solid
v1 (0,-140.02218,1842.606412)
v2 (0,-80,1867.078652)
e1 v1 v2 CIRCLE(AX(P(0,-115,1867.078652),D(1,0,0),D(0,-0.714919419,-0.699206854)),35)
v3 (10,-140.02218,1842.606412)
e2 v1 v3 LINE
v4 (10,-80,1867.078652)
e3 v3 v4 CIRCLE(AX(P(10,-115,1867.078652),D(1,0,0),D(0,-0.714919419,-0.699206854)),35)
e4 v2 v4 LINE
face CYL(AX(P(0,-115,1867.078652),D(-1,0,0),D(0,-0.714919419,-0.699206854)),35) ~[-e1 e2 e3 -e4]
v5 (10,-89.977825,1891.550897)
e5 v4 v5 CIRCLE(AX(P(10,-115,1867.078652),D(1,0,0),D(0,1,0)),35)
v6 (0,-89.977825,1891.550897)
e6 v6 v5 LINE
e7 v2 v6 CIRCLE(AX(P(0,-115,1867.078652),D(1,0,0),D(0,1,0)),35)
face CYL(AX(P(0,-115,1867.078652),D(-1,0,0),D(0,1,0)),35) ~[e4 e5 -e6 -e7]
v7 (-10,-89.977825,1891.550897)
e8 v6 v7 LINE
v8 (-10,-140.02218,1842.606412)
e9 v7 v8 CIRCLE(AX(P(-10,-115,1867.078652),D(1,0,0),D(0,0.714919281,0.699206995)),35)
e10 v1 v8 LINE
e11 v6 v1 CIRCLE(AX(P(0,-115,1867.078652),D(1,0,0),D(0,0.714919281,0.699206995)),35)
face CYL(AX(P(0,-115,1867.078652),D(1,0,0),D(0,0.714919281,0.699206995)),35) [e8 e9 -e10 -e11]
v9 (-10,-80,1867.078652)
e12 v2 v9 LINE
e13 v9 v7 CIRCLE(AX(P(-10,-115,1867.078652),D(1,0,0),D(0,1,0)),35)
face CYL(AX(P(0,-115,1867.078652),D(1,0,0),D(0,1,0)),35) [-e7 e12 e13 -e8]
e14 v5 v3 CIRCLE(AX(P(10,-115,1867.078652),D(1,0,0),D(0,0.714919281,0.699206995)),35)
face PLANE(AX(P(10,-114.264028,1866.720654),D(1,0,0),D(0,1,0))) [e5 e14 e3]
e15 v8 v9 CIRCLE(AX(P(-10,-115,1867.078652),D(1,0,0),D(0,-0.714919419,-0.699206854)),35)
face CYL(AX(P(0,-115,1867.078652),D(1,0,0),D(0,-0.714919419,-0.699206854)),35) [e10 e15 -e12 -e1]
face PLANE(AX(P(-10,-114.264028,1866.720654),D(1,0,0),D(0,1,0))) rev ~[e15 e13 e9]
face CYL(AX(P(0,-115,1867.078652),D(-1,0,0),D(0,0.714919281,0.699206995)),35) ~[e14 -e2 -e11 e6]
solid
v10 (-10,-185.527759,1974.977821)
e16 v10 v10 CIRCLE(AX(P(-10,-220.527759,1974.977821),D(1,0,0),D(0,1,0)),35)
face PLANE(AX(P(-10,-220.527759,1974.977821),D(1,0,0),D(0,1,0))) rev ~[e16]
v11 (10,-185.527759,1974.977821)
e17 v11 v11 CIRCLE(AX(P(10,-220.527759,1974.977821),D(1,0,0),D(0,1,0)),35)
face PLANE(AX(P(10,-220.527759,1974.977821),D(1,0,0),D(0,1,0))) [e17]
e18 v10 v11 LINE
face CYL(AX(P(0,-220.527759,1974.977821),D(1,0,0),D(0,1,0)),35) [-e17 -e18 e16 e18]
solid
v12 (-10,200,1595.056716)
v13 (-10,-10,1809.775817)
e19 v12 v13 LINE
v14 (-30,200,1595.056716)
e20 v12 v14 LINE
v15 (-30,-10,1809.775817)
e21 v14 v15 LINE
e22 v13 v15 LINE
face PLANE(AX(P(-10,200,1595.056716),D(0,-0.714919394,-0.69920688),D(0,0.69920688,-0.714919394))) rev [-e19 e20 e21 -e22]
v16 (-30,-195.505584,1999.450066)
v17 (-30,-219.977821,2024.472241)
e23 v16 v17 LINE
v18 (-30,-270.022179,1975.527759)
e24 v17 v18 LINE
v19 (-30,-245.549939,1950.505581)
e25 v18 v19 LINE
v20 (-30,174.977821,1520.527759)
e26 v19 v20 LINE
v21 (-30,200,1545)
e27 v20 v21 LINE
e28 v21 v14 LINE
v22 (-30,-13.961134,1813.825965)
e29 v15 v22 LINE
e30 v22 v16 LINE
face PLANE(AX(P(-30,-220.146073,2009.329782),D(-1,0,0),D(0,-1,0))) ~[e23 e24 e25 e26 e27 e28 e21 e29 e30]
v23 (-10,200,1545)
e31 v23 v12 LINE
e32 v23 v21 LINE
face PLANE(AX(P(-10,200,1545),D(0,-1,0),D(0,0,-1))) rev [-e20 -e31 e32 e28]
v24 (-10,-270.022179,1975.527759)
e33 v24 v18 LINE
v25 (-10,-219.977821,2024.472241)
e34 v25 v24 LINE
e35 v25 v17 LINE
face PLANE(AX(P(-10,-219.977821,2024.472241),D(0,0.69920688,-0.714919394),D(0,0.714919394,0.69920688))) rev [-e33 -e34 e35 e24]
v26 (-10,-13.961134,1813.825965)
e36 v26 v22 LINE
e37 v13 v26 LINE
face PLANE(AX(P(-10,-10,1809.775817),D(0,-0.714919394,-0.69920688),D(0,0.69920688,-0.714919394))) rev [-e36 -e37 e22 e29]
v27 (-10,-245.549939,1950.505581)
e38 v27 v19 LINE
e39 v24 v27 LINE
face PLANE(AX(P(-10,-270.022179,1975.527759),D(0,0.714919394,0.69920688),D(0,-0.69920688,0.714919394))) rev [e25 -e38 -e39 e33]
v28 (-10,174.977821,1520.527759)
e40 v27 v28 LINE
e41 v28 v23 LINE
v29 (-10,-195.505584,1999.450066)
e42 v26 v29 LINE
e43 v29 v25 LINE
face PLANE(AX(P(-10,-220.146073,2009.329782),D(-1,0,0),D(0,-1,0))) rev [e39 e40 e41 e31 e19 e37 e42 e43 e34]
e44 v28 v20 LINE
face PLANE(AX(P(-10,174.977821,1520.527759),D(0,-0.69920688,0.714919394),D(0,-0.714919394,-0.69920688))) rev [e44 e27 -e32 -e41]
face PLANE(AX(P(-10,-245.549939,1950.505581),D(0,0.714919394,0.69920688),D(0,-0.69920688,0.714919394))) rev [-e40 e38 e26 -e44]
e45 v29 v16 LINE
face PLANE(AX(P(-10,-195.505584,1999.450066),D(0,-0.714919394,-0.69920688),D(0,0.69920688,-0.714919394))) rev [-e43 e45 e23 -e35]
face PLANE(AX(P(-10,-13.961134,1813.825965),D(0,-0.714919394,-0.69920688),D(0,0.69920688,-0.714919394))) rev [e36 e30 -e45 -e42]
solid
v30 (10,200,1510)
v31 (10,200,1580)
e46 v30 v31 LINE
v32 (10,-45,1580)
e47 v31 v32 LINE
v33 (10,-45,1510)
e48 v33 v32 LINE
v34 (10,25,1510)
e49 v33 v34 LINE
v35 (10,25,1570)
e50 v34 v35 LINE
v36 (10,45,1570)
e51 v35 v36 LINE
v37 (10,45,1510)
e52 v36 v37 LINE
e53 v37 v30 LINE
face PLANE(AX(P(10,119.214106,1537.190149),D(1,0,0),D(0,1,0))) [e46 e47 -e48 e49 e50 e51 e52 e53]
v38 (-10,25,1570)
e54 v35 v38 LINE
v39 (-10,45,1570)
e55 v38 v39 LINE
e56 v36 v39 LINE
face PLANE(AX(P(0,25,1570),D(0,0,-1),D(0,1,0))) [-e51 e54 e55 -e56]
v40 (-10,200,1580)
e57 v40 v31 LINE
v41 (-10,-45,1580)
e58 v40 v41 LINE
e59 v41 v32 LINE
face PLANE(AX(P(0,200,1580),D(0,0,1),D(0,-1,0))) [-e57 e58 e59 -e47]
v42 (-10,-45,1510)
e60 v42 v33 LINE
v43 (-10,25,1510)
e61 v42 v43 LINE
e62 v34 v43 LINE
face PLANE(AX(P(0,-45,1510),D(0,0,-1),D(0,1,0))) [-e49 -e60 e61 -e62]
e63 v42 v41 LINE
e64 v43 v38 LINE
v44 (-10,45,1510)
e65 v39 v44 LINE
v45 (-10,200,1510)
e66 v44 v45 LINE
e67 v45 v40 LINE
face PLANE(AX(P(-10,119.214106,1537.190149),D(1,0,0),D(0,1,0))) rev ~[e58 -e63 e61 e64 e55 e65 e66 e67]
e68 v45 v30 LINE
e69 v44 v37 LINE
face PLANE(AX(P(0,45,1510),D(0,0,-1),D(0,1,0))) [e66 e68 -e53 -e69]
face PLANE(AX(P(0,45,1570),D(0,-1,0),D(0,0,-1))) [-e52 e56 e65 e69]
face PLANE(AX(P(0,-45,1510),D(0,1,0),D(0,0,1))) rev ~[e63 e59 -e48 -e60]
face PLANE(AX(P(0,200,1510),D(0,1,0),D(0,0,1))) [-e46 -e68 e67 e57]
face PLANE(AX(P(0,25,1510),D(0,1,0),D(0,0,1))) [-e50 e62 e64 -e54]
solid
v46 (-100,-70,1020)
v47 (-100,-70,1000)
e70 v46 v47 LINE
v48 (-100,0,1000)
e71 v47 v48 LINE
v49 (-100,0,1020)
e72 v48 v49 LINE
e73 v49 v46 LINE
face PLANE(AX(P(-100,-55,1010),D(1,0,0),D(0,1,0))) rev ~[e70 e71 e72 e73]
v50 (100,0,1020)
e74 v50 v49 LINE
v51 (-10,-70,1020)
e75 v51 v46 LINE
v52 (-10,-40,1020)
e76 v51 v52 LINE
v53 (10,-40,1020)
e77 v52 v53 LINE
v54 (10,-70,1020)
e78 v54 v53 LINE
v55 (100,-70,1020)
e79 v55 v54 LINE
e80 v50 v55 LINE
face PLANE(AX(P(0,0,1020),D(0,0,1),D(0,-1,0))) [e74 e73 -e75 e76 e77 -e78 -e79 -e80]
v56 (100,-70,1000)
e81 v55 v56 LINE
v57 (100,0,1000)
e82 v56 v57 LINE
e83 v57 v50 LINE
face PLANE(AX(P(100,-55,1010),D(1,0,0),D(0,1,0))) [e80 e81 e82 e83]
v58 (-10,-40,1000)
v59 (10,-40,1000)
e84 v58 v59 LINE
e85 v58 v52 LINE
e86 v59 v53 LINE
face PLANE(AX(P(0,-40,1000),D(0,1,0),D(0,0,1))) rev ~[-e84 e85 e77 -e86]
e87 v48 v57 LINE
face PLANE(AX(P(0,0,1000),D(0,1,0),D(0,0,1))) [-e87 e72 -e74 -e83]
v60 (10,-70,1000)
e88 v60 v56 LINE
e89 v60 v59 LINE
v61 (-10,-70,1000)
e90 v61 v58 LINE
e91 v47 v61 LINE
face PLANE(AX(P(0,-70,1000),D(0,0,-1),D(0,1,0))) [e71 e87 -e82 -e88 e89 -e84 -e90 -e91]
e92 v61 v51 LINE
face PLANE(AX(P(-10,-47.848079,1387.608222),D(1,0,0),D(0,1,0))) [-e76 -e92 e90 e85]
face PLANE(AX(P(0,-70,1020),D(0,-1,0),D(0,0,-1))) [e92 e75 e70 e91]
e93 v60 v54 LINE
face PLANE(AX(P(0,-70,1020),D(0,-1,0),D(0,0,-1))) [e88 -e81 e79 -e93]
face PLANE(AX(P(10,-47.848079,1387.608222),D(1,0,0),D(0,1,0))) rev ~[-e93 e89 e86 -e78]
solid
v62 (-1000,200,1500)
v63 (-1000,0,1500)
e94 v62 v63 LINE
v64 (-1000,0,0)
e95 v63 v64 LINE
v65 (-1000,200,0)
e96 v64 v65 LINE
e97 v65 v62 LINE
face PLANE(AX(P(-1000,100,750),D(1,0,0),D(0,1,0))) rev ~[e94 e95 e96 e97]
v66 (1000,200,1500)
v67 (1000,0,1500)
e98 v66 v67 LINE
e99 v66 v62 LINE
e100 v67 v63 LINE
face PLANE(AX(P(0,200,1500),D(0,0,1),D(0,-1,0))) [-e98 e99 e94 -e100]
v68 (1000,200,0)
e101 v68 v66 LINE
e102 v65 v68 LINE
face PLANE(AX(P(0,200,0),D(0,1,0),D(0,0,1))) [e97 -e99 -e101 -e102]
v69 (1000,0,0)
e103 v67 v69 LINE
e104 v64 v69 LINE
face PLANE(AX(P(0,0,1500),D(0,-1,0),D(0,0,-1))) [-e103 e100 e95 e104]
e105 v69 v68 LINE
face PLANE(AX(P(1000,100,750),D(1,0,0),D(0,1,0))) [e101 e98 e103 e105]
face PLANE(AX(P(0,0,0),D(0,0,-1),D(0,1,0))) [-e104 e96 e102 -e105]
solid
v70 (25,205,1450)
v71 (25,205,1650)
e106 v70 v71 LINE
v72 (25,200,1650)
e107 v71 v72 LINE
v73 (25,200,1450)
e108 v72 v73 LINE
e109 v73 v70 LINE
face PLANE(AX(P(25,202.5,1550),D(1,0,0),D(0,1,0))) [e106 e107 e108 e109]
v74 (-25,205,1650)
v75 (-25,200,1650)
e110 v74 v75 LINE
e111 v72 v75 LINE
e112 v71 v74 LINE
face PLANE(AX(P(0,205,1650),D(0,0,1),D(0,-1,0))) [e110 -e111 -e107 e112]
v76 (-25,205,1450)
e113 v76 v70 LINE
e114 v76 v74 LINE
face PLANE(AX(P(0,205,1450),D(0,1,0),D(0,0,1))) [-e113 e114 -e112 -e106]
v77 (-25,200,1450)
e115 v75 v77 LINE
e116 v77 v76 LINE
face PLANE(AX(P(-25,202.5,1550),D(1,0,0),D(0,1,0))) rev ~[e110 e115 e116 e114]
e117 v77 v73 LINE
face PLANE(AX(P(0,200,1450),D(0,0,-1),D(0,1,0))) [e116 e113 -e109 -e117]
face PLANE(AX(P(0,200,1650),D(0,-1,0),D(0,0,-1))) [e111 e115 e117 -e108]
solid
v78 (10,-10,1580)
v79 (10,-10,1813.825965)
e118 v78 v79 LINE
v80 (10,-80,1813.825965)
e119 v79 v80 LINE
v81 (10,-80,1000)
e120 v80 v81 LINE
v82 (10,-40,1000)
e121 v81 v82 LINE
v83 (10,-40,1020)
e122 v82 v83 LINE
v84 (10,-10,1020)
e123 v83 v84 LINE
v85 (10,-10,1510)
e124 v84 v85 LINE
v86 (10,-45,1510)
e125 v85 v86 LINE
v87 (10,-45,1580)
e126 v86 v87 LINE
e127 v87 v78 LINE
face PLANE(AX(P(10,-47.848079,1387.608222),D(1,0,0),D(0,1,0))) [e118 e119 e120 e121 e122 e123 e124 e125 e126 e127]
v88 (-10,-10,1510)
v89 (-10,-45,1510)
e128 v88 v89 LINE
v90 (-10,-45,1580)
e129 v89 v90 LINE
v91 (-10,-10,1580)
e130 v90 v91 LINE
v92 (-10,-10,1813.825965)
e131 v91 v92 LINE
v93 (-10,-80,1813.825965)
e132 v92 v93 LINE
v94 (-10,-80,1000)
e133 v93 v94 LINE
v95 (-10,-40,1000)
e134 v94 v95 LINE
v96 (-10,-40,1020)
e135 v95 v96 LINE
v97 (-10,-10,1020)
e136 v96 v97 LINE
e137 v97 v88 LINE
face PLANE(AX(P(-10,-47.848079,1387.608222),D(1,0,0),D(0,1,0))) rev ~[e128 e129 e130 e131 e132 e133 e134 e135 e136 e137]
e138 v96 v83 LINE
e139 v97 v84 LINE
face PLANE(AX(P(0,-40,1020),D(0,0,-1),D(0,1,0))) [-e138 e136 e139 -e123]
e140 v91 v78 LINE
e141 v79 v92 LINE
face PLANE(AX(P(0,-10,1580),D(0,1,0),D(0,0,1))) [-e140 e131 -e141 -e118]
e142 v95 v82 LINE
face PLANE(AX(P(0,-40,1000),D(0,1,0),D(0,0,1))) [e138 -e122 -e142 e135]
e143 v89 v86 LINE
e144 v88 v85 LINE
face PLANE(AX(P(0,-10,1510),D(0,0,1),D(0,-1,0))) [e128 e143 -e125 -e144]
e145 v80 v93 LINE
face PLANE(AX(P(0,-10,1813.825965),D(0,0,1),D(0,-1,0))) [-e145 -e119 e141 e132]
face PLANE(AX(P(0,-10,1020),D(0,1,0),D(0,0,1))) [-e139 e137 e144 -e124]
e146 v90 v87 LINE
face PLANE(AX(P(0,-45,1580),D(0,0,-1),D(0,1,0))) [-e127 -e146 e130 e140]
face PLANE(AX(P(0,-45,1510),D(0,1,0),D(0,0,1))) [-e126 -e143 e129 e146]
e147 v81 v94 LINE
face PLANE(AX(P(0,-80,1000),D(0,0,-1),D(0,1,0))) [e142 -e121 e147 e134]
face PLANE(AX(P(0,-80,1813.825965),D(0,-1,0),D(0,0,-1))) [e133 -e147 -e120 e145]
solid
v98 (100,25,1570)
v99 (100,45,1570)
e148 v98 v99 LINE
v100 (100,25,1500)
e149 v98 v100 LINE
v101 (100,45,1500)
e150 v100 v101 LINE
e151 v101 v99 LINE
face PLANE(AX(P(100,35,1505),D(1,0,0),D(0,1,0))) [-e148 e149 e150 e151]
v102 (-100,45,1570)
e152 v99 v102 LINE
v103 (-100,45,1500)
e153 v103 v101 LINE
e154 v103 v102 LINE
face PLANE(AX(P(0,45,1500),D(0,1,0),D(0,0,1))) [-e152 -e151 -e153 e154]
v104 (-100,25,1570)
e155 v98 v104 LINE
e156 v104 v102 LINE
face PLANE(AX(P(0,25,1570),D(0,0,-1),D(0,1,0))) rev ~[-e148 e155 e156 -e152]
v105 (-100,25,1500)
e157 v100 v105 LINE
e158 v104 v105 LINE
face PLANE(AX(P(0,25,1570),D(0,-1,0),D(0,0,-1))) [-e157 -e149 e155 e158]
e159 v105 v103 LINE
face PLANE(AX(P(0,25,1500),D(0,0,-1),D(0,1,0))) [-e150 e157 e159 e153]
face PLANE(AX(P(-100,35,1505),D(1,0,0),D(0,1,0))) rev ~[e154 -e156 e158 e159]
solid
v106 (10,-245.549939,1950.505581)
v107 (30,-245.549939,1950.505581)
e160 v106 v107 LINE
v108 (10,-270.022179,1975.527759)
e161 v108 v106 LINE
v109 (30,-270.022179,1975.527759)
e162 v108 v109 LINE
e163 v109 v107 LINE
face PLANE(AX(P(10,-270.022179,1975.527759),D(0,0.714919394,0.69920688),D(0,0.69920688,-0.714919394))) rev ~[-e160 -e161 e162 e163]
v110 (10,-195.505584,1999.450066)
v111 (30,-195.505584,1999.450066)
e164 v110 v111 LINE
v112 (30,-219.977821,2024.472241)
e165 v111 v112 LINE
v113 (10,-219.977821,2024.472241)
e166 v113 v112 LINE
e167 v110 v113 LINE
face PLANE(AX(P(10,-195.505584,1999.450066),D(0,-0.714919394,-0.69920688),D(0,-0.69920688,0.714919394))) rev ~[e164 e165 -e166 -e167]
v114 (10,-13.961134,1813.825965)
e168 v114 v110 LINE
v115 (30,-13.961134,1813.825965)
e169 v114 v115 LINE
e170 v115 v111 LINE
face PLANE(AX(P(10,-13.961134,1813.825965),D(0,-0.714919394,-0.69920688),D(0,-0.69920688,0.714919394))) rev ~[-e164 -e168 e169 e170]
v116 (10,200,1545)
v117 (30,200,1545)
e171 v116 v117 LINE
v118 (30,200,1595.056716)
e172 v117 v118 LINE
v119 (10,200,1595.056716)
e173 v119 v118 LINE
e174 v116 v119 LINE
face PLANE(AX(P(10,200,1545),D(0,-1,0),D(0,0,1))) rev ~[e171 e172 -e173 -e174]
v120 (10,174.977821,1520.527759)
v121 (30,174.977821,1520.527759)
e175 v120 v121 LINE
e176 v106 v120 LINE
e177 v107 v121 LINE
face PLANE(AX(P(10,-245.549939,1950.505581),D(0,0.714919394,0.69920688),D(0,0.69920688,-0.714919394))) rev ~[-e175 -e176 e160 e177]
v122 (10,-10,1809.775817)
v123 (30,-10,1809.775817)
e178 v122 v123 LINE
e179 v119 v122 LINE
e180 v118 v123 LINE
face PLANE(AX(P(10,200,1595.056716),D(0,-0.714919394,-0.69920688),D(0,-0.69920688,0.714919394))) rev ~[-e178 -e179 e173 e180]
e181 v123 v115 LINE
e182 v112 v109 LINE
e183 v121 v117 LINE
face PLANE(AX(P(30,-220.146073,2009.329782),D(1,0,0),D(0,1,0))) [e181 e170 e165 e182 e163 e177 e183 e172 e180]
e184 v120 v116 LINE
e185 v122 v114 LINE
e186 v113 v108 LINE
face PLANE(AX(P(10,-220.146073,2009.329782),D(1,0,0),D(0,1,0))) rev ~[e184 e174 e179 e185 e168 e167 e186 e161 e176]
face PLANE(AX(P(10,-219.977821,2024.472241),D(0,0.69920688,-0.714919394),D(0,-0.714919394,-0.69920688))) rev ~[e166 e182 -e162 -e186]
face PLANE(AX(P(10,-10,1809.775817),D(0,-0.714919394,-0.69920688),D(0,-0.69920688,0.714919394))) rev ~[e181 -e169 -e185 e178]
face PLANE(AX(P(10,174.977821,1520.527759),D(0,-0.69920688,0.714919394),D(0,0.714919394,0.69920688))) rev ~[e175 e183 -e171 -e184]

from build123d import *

# Parameters (mm, degrees)
F3_DEPTH  = 1000
F4_START  = 10
F4_DEPTH  = 20
F6_DEPTH  = 10
F7_DEPTH  = 25
F2_W      = 20
F2_H      = 10
F2_W_2    = 35
F2_H_2    = 70
F8_DEPTH  = 10
F2_H_3    = 30
F9_DEPTH  = 100
F2_W_3    = 10
F2_H_4    = 20
F10_DEPTH = 100
F12_DEPTH = 10


with BuildPart() as f3:
    # F1 (on Right) → F3 (new body, symmetric)
    with BuildSketch(Plane.YZ):
        Polygon((0, 1500), (0, 0), (200, 0), (200, 1450), (200, 1500), align=None)
    extrude(amount=F3_DEPTH, both=True)


with BuildPart() as f4:
    # F2 (on Right) → F4 (new body)
    with BuildSketch(Plane.YZ.offset(F4_START)):
        with BuildLine():
            Line((-195.5055843756, 1999.4500660353), (-219.9778212193, 2024.4722407855))
            Line((-219.9778212193, 2024.4722407855), (-244.999999895, 2000.0000001027))
            ThreePointArc((-244.999999895, 2000.0000001027), (-220.138897074, 2009.975660956), (-195.5055843756, 1999.4500660353))
        make_face()
        with BuildLine():
            ThreePointArc((-245.5499385986, 1950.5055810507), (-255.525598915, 1975.3666866098), (-244.999999895, 2000.0000001027))
            Line((-244.999999895, 2000.0000001027), (-270.0221787807, 1975.5277592145))
            Line((-270.0221787807, 1975.5277592145), (-245.5499385986, 1950.5055810507))
        make_face()
        Polygon((-10, 1809.7758168422), (-13.9611338418, 1813.8259649277), (-80, 1813.8259649277), (-80, 1781.2354191128), (-10, 1709.662385405), align=None)
        Polygon((200, 1595.0567157186), (-10, 1809.7758168422), (-10, 1709.662385405), (116.8126626488, 1580), (200, 1580), align=None)
        Polygon((200, 1545), (200, 1580), (116.8126626488, 1580), (174.9778212193, 1520.5277592145), align=None)
        with BuildLine():
            ThreePointArc((-185.5277592145, 1974.9778212193), (-188.1180683847, 1988.1919023572), (-195.5055843756, 1999.4500660353))
            ThreePointArc((-195.5055843756, 1999.4500660353), (-220.138897074, 2009.975660956), (-244.999999895, 2000.0000001027))
            ThreePointArc((-244.999999895, 2000.0000001027), (-255.525598915, 1975.3666866098), (-245.5499385986, 1950.5055810507))
            ThreePointArc((-245.5499385986, 1950.5055810507), (-207.3136810863, 1942.5681291624), (-185.5277592145, 1974.9778212193))
        make_face()
        with BuildLine():
            Line((-89.9778251612, 1891.5508965014), (-195.5055843756, 1999.4500660353))
            ThreePointArc((-195.5055843756, 1999.4500660353), (-188.1180683847, 1988.1919023572), (-185.5277592145, 1974.9778212193))
            ThreePointArc((-185.5277592145, 1974.9778212193), (-207.3136810863, 1942.5681291624), (-245.5499385986, 1950.5055810507))
            Line((-245.5499385986, 1950.5055810507), (-140.0221796625, 1842.6064118015))
            ThreePointArc((-140.0221796625, 1842.6064118015), (-139.47224235, 1892.1008289361), (-89.9778251612, 1891.5508965014))
        make_face()
        with BuildLine():
            ThreePointArc((-80, 1867.0786516854), (-82.5903091703, 1880.2927328233), (-89.9778251612, 1891.5508965014))
            ThreePointArc((-89.9778251612, 1891.5508965014), (-139.47224235, 1892.1008289361), (-140.0221796625, 1842.6064118015))
            ThreePointArc((-140.0221796625, 1842.6064118015), (-101.7859220562, 1834.6689595533), (-80, 1867.0786516854))
        make_face()
        with BuildLine():
            Line((-13.9611338418, 1813.8259649277), (-89.9778251612, 1891.5508965014))
            ThreePointArc((-89.9778251612, 1891.5508965014), (-82.5903091703, 1880.2927328233), (-80, 1867.0786516854))
            ThreePointArc((-80, 1867.0786516854), (-101.7859220562, 1834.6689595533), (-140.0221796625, 1842.6064118015))
            Line((-140.0221796625, 1842.6064118015), (-80, 1781.2354191128))
            Line((-80, 1781.2354191128), (-80, 1813.8259649277))
            Line((-80, 1813.8259649277), (-13.9611338418, 1813.8259649277))
        make_face()
    extrude(amount=F4_DEPTH)


with BuildPart() as f5_1:
    # F5: instance of F4
    add(f4.part.mirror(Plane.YZ))


with BuildPart() as f6:
    # F2 (on Right) → F6 (new body, symmetric)
    with BuildSketch(Plane.YZ):
        Polygon((-10, 1709.662385405), (-80, 1781.2354191128), (-80, 1000), (-70, 1000), (-70, 1020), (-40, 1020), (-10, 1020), (-10, 1510), (-45, 1510), (-45, 1580), (-10, 1580), align=None)
        Polygon((-10, 1809.7758168422), (-13.9611338418, 1813.8259649277), (-80, 1813.8259649277), (-80, 1781.2354191128), (-10, 1709.662385405), align=None)
        Polygon((-70, 1020), (-70, 1000), (-40, 1000), (-40, 1010), (-40, 1020), align=None)
        Polygon((-10, 1813.8259649277), (-13.9611338418, 1813.8259649277), (-10, 1809.7758168422), align=None)
    extrude(amount=F6_DEPTH, both=True)


with BuildPart() as f7:
    # F1 (on Right) → F7 (new body, symmetric)
    with BuildSketch(Plane.YZ):
        Polygon((200, 1650), (200, 1500), (200, 1450), (205, 1450), (205, 1650), align=None)
    extrude(amount=F7_DEPTH, both=True)


with BuildPart() as f8:
    # F2 (on Right) → F8 (new body, symmetric)
    with BuildSketch(Plane.YZ):
        Polygon((174.9778212193, 1520.5277592145), (116.8126626488, 1580), (45, 1580), (45, 1570), (45, 1540), (45, 1510), (200, 1510), (200, 1545), align=None)
        Polygon((200, 1545), (200, 1580), (116.8126626488, 1580), (174.9778212193, 1520.5277592145), align=None)
        Polygon((25, 1580), (-10, 1580), (-10, 1510), (25, 1510), (25, 1540), (25, 1570), align=None)
        with Locations((35, 1575)):
            Rectangle(F2_W, F2_H)
        with Locations((-27.5, 1545)):
            Rectangle(F2_W_2, F2_H_2)
    extrude(amount=F8_DEPTH, both=True)


with BuildPart() as f9:
    # F2 (on Right) → F9 (new body, symmetric)
    with BuildSketch(Plane.YZ):
        with Locations((35, 1505)):
            Rectangle(F2_W, F2_H)
        with Locations((35, 1525)):
            Rectangle(F2_W, F2_H_3)
        with Locations((35, 1555)):
            Rectangle(F2_W, F2_H_3)
    extrude(amount=F9_DEPTH, both=True)

    # F11: cut F8, F6
    add(f8.part, mode=Mode.SUBTRACT)
    add(f6.part, mode=Mode.SUBTRACT)


with BuildPart() as f10:
    # F2 (on Right) → F10 (new body, symmetric)
    with BuildSketch(Plane.YZ):
        Polygon((-70, 1020), (-70, 1000), (-40, 1000), (-40, 1010), (-40, 1020), align=None)
        Polygon((-40, 1010), (-40, 1000), (-10, 1000), (-10, 1020), (-40, 1020), align=None)
        with Locations((-5, 1010)):
            Rectangle(F2_W_3, F2_H_4)
    extrude(amount=F10_DEPTH, both=True)

    # F11: cut F8, F6
    add(f8.part, mode=Mode.SUBTRACT)
    add(f6.part, mode=Mode.SUBTRACT)


with BuildPart() as f12:
    # F2 (on Right) → F12 (new body, symmetric)
    with BuildSketch(Plane.YZ):
        with BuildLine():
            ThreePointArc((-185.5277592145, 1974.9778212193), (-188.1180683847, 1988.1919023572), (-195.5055843756, 1999.4500660353))
            ThreePointArc((-195.5055843756, 1999.4500660353), (-220.138897074, 2009.975660956), (-244.999999895, 2000.0000001027))
            ThreePointArc((-244.999999895, 2000.0000001027), (-255.525598915, 1975.3666866098), (-245.5499385986, 1950.5055810507))
            ThreePointArc((-245.5499385986, 1950.5055810507), (-207.3136810863, 1942.5681291624), (-185.5277592145, 1974.9778212193))
        make_face()
    extrude(amount=F12_DEPTH, both=True)


with BuildPart() as f12b:
    # F2 (on Right) → F12, piece 2 (new body, symmetric)
    with BuildSketch(Plane.YZ):
        with BuildLine():
            ThreePointArc((-80, 1867.0786516854), (-82.5903091703, 1880.2927328233), (-89.9778251612, 1891.5508965014))
            ThreePointArc((-89.9778251612, 1891.5508965014), (-139.47224235, 1892.1008289361), (-140.0221796625, 1842.6064118015))
            ThreePointArc((-140.0221796625, 1842.6064118015), (-101.7859220562, 1834.6689595533), (-80, 1867.0786516854))
        make_face()
    extrude(amount=F12_DEPTH, both=True)


solid = Compound([f3.part, f4.part, f5_1.part, f6.part, f7.part, f8.part, f9.part, f10.part, f12.part, f12b.part])
